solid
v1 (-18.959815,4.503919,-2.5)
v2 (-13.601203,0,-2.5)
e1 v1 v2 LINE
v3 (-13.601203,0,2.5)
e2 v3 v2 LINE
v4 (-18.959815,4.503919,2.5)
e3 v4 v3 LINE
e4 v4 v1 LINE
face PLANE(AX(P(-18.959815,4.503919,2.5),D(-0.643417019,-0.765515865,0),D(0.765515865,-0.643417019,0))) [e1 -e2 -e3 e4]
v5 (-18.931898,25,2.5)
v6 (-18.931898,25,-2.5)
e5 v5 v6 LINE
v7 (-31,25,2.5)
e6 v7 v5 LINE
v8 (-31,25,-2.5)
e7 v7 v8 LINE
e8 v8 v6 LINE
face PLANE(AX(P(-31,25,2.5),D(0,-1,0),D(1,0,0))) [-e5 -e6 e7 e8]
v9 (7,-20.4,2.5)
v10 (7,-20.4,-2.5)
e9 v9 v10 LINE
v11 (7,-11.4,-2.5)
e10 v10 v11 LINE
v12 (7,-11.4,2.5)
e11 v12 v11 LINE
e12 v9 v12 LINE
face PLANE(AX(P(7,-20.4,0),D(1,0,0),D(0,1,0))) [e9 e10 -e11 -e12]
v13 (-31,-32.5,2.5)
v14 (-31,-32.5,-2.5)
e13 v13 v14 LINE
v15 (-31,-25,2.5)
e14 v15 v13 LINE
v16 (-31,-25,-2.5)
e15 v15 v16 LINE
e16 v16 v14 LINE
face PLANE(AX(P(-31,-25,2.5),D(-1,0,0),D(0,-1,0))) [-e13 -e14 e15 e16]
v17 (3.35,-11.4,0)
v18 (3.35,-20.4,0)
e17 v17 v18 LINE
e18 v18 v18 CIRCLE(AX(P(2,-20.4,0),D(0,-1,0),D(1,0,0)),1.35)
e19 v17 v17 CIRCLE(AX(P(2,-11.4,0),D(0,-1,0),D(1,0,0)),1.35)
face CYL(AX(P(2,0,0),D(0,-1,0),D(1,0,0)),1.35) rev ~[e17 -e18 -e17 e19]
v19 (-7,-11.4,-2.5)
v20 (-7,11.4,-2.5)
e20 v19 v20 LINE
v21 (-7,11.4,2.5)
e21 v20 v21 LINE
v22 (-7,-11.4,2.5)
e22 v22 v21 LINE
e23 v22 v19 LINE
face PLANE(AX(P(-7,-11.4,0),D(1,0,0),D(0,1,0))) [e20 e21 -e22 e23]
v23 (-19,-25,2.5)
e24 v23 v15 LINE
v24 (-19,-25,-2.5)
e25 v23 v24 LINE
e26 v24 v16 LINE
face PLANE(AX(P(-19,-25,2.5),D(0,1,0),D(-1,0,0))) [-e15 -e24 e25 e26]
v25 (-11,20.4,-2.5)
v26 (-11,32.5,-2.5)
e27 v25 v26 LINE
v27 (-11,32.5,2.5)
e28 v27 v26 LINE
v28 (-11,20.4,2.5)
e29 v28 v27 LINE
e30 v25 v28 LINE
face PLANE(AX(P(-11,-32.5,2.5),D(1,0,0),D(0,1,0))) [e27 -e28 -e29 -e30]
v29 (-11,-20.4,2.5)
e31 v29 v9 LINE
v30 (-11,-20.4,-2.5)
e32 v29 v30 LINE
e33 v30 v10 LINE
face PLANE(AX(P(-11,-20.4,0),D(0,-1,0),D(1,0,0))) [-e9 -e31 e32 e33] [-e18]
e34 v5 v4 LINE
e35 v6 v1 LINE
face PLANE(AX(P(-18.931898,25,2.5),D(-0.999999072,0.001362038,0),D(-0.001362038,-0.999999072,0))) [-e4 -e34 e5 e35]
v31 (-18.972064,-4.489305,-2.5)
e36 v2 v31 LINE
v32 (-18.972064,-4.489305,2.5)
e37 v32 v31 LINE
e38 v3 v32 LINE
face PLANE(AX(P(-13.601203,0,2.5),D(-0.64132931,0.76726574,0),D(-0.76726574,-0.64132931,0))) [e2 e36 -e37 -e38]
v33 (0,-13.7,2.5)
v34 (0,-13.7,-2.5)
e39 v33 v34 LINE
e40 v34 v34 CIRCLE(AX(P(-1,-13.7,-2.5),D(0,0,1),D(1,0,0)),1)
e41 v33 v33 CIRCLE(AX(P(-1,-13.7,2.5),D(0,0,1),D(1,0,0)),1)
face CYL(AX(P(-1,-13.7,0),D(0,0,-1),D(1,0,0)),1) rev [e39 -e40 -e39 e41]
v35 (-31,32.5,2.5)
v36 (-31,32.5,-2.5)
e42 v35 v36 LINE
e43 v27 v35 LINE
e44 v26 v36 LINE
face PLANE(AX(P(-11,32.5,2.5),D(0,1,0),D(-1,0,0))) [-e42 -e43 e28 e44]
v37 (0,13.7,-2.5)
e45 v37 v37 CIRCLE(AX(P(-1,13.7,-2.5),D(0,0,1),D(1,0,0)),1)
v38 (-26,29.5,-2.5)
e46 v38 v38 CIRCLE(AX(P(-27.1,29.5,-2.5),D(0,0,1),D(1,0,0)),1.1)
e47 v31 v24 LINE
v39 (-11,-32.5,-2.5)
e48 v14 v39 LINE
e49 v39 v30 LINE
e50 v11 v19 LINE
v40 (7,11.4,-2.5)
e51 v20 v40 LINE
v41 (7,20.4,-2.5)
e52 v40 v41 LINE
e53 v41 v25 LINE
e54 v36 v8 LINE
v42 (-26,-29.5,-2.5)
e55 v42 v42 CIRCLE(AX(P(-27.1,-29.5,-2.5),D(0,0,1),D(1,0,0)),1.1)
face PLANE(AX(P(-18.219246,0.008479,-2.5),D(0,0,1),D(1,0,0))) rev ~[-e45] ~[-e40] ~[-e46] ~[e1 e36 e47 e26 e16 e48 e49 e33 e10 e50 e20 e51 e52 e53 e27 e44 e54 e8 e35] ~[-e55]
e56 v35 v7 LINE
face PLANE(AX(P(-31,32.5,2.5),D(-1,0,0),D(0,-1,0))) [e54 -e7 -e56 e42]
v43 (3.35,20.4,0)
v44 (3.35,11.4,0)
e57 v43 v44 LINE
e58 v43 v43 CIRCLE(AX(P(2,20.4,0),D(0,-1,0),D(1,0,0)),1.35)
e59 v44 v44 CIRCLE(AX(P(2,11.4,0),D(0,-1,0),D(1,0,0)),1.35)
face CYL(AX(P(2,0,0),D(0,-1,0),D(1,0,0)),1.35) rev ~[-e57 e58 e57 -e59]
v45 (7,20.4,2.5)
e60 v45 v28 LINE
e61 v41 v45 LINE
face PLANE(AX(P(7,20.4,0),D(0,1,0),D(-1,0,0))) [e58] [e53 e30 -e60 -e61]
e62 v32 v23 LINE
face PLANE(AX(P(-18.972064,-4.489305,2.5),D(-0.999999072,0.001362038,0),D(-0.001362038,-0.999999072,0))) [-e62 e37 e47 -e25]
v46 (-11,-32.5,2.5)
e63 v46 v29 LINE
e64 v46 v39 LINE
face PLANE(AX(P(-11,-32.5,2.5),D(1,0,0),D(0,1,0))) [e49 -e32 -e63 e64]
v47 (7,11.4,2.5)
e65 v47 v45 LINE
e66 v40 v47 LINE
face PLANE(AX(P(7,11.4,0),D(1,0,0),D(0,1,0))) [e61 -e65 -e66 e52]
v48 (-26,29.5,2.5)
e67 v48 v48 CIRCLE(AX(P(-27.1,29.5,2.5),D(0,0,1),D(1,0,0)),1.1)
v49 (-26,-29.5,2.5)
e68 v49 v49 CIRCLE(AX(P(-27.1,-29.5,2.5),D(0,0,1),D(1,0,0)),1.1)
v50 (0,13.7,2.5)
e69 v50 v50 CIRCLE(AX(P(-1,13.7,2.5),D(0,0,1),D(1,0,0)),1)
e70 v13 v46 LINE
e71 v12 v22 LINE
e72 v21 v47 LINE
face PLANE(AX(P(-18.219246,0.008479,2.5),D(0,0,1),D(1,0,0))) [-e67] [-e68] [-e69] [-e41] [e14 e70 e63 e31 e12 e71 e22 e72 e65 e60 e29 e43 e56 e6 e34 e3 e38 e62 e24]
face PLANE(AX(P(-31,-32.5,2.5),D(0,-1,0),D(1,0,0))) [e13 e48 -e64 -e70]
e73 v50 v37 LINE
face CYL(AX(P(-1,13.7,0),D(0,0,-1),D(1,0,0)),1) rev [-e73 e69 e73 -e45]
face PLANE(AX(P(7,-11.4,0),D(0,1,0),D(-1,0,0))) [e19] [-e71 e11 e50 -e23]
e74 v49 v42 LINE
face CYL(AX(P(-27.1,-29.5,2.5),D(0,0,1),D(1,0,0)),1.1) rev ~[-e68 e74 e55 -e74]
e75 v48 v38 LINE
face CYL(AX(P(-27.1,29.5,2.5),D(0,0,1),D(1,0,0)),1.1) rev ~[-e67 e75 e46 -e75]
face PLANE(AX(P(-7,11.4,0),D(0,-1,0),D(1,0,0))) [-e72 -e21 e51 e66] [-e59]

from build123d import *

# Parameters (mm, degrees)
F0_R     = 1
F1_DEPTH = 2.5
F3_DEPTH = 25
F6_DEPTH = 5
F7_R     = 1.1
F8_DEPTH = 5


with BuildPart() as f1:
    # F0 (on Top) → F1 (new body, symmetric)
    with BuildSketch(Plane.XY):
        Polygon((-7, -11.4), (-7, 11.4), (7, 11.4), (7, 20.4), (-11, 20.4), (-11, -20.4), (7, -20.4), (7, -11.4), align=None)
        with Locations((-1, -13.7)):
            Circle(F0_R, mode=Mode.SUBTRACT)
        with Locations((-1, 13.7)):
            Circle(F0_R, mode=Mode.SUBTRACT)
    extrude(amount=F1_DEPTH, both=True)

    # F2 (on Front) → F3 (cut, symmetric)
    with BuildSketch(Plane.XZ):
        with BuildLine():
            ThreePointArc((0.65, 0), (2, -1.35), (3.35, 0))
            ThreePointArc((3.35, 0), (2, 1.35), (0.65, 0))
        make_face()
    extrude(amount=F3_DEPTH, both=True, mode=Mode.SUBTRACT)

    # F5 (on offset) → F6 (join)
    with BuildSketch(Plane.XY.offset(2.5)):
        Polygon((-31, -25), (-31, -32.5), (-11, -32.5), (-11, 32.5), (-31, 32.5), (-31, 25), (-18.9318980411, 25), (-18.9598145062, 4.5039191309), (-13.6012034491, 0), (-18.9720636301, -4.4893051708), (-19, -25), align=None)
    extrude(amount=-F6_DEPTH)

    # F7 (on offset) → F8 (cut, through all)
    with BuildSketch(Plane.XY.offset(2.5)):
        with Locations((-27.1, 29.5)):
            Circle(F7_R)
        with Locations((-27.1, -29.5)):
            Circle(F7_R)
    extrude(amount=-F8_DEPTH, mode=Mode.SUBTRACT)


solid = f1.part
